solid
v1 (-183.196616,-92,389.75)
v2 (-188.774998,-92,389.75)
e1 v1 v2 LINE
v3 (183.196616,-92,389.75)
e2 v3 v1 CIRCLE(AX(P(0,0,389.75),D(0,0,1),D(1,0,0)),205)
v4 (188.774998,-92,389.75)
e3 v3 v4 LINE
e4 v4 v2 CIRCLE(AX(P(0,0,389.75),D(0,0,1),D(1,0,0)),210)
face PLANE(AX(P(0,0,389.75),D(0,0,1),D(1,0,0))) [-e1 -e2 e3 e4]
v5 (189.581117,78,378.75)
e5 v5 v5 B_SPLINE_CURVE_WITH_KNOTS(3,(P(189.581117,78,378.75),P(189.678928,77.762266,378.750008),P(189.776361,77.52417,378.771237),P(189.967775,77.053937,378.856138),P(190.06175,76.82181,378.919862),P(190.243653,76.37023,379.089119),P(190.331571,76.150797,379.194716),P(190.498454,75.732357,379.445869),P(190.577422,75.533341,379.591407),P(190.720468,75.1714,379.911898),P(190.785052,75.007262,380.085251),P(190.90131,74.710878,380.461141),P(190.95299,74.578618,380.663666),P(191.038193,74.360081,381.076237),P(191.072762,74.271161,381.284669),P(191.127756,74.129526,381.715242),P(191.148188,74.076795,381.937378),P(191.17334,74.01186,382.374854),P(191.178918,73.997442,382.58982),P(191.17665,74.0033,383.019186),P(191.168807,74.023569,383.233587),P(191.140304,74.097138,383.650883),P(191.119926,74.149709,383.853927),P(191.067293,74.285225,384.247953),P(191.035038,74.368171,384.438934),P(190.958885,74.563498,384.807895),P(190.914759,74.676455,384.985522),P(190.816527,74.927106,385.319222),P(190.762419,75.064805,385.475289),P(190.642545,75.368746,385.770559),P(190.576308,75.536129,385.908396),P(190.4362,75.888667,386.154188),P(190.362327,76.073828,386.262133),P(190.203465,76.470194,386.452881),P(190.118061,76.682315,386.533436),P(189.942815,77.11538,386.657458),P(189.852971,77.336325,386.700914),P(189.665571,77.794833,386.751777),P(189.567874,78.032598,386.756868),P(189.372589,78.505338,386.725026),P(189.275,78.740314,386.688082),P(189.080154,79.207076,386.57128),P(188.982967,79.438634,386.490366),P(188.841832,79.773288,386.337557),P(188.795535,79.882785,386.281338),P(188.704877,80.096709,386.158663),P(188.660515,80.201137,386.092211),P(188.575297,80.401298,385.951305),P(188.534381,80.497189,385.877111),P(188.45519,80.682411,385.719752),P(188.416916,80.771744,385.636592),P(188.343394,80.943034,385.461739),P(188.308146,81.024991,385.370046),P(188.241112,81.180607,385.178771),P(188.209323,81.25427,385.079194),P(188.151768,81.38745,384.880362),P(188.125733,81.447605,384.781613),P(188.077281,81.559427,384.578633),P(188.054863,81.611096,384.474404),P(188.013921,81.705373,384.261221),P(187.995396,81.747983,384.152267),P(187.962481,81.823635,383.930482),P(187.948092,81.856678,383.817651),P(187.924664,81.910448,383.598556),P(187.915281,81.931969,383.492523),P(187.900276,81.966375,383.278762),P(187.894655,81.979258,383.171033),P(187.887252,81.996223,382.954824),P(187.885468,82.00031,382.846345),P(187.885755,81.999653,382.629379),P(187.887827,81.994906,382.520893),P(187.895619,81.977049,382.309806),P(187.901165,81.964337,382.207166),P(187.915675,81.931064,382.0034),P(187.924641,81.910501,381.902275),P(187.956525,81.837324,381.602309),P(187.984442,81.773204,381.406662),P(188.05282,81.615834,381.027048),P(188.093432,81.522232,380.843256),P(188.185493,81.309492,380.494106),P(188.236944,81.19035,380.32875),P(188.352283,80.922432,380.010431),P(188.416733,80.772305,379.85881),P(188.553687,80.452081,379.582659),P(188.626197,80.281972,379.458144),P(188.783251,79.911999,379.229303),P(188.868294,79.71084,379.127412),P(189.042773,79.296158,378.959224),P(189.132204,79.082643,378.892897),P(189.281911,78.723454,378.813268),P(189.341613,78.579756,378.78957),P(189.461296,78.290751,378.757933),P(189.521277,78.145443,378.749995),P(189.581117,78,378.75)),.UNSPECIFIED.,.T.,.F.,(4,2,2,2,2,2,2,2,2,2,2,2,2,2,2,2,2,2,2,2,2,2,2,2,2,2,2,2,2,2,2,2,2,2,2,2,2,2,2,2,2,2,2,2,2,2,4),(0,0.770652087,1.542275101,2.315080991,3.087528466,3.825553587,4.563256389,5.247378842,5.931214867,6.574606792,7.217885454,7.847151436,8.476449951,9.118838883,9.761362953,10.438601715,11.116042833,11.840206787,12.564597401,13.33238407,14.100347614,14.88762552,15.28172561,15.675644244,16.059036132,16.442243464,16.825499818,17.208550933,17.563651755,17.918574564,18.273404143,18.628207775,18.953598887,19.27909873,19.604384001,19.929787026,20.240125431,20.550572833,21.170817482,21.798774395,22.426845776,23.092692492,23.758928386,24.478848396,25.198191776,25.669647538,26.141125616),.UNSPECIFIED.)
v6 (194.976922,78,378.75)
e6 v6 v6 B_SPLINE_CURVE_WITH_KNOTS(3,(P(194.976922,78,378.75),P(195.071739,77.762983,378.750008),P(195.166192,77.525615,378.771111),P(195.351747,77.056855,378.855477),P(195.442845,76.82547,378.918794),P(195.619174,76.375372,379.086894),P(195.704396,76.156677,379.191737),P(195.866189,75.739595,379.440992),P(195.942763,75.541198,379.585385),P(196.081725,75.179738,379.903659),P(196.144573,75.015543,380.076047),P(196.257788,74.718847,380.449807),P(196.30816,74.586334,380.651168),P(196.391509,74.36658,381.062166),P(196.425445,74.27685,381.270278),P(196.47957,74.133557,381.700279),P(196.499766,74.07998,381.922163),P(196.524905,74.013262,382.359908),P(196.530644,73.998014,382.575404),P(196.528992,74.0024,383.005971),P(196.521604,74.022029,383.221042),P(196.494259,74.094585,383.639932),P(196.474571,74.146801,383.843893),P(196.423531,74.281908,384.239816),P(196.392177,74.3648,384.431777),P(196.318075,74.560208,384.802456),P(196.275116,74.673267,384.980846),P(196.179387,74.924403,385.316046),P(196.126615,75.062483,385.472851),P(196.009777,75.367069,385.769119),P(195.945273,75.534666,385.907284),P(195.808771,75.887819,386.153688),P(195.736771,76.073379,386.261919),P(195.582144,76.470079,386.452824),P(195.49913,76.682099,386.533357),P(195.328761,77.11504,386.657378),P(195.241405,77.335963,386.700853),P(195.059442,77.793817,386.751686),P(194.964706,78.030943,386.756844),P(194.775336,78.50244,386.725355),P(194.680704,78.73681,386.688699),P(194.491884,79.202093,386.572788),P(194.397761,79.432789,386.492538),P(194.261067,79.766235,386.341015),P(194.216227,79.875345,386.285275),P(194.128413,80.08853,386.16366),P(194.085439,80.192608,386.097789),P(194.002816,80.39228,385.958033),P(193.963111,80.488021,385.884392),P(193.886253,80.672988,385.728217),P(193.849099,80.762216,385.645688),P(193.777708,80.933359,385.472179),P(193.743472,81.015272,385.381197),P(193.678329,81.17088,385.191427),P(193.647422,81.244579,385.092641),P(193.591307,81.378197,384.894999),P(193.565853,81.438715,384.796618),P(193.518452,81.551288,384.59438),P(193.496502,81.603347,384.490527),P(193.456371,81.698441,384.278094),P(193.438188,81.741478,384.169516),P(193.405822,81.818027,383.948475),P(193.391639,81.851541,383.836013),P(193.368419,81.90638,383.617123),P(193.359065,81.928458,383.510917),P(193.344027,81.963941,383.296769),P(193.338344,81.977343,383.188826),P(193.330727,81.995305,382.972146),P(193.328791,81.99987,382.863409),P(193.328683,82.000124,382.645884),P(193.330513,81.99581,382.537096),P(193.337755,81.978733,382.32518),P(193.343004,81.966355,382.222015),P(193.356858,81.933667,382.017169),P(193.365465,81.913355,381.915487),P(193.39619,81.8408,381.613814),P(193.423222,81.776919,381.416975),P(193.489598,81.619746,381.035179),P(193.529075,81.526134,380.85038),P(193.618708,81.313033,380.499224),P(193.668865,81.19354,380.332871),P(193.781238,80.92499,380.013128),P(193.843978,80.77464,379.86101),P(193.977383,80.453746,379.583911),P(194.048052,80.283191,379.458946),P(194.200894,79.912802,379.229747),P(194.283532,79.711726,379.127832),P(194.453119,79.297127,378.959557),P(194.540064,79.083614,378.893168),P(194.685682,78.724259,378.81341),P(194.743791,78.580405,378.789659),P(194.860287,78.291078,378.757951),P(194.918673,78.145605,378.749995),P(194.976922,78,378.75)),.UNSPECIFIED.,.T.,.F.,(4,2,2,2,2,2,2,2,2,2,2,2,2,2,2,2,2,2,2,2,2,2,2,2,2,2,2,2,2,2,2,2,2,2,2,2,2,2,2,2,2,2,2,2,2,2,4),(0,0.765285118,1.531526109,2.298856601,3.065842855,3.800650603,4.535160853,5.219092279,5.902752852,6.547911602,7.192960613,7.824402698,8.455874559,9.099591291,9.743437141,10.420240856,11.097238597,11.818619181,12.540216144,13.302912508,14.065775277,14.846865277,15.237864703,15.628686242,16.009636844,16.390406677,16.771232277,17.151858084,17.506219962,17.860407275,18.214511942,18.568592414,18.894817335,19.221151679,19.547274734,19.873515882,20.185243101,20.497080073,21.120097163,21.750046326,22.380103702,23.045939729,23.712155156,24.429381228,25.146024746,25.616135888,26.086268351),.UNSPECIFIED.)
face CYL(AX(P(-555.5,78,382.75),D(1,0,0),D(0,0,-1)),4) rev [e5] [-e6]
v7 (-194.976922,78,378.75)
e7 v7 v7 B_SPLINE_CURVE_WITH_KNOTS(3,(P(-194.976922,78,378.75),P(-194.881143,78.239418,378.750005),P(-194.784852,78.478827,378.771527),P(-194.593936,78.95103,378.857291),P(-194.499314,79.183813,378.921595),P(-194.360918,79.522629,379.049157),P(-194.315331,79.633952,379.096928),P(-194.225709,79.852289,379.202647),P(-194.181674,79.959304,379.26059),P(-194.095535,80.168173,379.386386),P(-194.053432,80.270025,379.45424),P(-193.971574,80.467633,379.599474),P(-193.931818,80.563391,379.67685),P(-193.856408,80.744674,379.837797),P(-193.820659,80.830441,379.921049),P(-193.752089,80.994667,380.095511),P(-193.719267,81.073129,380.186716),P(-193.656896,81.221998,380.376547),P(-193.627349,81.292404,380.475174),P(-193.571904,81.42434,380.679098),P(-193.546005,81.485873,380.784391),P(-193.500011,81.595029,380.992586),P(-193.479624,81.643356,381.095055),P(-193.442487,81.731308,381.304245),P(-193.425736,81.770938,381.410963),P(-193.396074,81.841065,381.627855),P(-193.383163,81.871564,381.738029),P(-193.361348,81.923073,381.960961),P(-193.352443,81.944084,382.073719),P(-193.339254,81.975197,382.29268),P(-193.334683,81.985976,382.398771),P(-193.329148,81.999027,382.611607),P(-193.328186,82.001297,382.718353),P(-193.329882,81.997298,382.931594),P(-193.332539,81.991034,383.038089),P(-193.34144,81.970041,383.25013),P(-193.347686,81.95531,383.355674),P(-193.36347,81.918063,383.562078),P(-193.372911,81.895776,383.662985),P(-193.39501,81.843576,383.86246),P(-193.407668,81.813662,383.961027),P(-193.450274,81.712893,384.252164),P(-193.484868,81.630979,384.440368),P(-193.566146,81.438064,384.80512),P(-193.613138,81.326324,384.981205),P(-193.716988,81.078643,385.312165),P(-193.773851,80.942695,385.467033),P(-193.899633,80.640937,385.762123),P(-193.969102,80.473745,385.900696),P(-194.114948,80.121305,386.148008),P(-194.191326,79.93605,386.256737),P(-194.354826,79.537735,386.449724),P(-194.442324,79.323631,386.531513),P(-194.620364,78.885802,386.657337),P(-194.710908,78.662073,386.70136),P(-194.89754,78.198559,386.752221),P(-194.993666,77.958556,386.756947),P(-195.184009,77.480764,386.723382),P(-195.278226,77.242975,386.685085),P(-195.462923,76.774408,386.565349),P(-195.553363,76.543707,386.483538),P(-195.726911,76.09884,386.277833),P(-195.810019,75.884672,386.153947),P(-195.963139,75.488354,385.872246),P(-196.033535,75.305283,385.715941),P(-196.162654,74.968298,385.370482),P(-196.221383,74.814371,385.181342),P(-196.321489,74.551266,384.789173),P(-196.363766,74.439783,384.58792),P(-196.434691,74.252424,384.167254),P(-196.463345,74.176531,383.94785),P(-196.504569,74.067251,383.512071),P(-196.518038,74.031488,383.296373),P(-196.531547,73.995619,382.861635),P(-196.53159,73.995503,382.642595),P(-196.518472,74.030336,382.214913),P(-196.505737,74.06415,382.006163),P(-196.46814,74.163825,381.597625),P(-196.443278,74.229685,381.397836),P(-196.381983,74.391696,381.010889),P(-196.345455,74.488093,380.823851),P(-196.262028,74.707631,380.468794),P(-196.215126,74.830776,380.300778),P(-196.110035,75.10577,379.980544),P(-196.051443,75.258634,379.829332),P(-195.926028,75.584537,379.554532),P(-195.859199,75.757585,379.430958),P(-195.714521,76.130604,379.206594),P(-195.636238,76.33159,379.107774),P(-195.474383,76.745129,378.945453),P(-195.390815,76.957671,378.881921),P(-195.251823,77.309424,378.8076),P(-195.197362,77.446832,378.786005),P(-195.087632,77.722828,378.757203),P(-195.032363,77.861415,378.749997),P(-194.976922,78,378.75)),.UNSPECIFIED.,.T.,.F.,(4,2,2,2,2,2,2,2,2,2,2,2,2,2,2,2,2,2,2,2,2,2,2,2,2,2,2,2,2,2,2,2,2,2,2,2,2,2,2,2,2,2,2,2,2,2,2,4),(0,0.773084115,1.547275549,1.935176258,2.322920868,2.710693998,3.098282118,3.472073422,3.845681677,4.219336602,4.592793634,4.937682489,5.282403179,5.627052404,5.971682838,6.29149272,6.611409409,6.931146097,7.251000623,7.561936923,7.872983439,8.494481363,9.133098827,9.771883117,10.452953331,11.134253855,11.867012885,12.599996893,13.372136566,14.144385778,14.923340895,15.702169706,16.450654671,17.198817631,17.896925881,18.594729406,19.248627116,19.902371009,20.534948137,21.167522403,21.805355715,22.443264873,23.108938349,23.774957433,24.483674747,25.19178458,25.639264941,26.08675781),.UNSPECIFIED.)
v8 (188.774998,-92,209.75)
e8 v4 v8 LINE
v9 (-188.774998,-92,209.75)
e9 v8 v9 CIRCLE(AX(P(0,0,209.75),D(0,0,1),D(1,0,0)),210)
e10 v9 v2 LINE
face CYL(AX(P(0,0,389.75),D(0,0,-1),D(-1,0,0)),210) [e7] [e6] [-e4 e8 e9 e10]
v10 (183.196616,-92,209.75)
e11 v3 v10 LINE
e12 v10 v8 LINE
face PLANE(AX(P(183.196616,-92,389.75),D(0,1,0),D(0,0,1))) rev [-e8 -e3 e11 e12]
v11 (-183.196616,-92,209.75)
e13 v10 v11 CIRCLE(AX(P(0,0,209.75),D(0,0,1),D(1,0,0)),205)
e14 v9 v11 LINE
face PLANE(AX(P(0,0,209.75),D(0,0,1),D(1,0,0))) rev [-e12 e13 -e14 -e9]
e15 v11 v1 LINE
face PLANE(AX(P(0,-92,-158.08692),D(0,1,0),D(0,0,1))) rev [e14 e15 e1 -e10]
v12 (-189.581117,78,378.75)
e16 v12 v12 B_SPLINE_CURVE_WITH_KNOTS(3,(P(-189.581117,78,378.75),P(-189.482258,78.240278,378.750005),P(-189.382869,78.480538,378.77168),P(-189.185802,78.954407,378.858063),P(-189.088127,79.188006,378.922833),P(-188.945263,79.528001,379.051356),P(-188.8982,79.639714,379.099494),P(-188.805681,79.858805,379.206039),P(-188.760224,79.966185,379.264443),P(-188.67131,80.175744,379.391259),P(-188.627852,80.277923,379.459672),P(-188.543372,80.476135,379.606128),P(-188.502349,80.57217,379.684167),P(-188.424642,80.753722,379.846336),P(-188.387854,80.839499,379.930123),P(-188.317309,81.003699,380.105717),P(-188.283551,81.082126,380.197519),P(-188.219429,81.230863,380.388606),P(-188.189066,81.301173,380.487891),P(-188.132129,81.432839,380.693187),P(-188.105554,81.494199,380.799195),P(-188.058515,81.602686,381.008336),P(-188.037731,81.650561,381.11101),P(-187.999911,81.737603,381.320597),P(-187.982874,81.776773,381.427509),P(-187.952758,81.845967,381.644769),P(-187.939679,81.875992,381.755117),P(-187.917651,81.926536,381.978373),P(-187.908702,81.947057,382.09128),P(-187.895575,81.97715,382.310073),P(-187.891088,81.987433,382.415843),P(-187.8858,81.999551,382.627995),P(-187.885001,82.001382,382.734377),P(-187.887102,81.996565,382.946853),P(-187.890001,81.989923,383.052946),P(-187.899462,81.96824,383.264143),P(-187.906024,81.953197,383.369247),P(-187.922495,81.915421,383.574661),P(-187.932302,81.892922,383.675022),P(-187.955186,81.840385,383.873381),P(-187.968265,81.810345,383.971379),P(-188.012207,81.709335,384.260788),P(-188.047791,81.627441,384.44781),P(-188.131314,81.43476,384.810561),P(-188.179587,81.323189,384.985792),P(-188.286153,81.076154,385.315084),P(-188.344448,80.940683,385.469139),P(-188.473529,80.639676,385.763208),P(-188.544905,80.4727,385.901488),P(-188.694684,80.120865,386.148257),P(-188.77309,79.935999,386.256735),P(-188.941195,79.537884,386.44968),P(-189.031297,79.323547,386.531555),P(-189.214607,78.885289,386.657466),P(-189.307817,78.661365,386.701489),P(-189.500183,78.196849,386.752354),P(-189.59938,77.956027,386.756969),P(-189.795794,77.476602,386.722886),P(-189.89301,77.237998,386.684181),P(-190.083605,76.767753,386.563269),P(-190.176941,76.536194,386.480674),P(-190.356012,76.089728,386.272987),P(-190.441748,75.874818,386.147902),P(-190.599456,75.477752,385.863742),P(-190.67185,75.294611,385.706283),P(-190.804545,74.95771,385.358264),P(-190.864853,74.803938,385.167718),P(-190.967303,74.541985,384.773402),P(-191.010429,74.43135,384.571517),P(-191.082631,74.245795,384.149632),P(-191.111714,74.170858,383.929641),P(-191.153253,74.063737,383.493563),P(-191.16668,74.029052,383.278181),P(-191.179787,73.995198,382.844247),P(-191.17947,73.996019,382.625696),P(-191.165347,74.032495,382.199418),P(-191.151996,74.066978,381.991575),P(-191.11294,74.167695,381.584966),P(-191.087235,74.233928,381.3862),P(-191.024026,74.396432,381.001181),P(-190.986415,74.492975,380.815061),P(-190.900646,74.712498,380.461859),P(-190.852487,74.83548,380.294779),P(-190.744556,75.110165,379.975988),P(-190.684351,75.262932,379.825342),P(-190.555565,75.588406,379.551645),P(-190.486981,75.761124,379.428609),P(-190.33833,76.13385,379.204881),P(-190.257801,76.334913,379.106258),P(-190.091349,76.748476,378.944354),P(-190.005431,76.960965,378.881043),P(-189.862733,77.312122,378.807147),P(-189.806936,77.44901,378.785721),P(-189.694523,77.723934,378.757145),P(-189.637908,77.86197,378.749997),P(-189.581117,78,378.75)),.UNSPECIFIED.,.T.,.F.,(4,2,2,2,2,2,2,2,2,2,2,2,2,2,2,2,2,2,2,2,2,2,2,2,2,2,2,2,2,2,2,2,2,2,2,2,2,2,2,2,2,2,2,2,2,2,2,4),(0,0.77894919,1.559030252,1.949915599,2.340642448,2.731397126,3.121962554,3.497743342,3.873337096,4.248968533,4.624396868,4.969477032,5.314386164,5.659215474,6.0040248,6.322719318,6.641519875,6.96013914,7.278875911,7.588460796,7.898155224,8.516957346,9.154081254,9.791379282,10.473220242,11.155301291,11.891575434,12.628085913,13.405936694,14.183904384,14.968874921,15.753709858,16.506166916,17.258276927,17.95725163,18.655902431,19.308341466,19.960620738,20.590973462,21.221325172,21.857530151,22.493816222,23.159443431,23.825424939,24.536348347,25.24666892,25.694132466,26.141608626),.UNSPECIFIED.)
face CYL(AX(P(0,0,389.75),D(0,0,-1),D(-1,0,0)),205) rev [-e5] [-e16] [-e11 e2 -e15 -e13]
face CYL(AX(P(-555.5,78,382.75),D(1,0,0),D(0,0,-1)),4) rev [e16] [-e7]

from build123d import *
from build123d.topology import SkipClean

# Parameters (mm, degrees)
SKETCH_1_R          = 210
SKETCH_1_R_2        = 203
EXTRUDE_2_DEPTH     = 174
EXTRUDE_START       = -174
EXTRUDE_4_DEPTH     = 174
CUT_EXTRUDE_1_DEPTH = 654
EXTRUDE_5_DEPTH     = 174
EXTRUDE_6_DEPTH     = 174
EXTRUDE_7_DEPTH     = 174
EXTRUDE_8_DEPTH     = 174
CUT_EXTRUDE_START   = -654
CUT_EXTRUDE_2_DEPTH = 654
SKETCH_10_W         = 20.487801248
SKETCH_10_H         = 174
CUT_EXTRUDE_3_DEPTH = 327
SKETCH_11_W         = 235.63772895
SKETCH_11_H         = 249.192111589
CUT_EXTRUDE_4_DEPTH = 238
EXTRUDE_10_DEPTH    = 180
SKETCH_17_W         = 286.098661696
SKETCH_17_H         = 191.878669743
CUT_EXTRUDE_5_DEPTH = 322
EXTRUDE_11_DEPTH    = 180
SKETCH_20_R         = 4
CUT_EXTRUDE_7_DEPTH = 555.5


with BuildPart() as part:
    # 草图1 → 凸台-拉伸2 (new body)
    with BuildSketch(Plane.XY):
        Circle(SKETCH_1_R)
        Circle(SKETCH_1_R_2, mode=Mode.SUBTRACT)
    extrude(amount=EXTRUDE_2_DEPTH)

    # 草图2 → 凸台-拉伸4 (add)
    with BuildSketch(Plane.XY.offset(174).offset(EXTRUDE_START)):
        with BuildLine():
            Line((-170.735431044, -102), (-173.735431044, -102))
            Line((-173.735431044, -102), (-175.513532242, -102))
            ThreePointArc((-175.513532242, -102), (-174.63092392, -103.50381834), (-173.735431044, -105))
            Line((-173.735431044, -105), (-170.735431044, -105))
            Line((-170.735431044, -105), (-170.735431044, -102))
        make_face()
        with BuildLine():
            ThreePointArc((173.735431044, -105), (174.63092392, -103.50381834), (175.513532242, -102))
            Line((175.513532242, -102), (173.735431044, -102))
            Line((173.735431044, -102), (170.735431044, -102))
            Line((170.735431044, -102), (170.735431044, -105))
            Line((170.735431044, -105), (173.735431044, -105))
        make_face()
    extrude(amount=EXTRUDE_4_DEPTH)

    # 草图3 → 切除-拉伸1 (cut)
    with BuildSketch(Plane.XY.offset(174)):
        Polygon((-170.735431044, -102), (238.333646515, -102), (254.334169784, 272.292523591), (-334.569415043, 221.85110305), (-306.830562533, -102), align=None)
    extrude(amount=-CUT_EXTRUDE_1_DEPTH, mode=Mode.SUBTRACT)

    # 草图5 → 凸台-拉伸5 (add)
    with BuildSketch(Plane.XY.offset(174).offset(EXTRUDE_START)):
        with BuildLine():
            Line((-120, -209.75), (-10.243900624, -209.75))
            ThreePointArc((-10.243900624, -209.75), (-67.755470707, -198.769203322), (-120, -172.336879396))
            Line((-120, -172.336879396), (-120, -209.75))
        make_face()
        with BuildLine():
            ThreePointArc((120, -172.336879396), (67.755470707, -198.769203322), (10.243900624, -209.75))
            Line((10.243900624, -209.75), (120, -209.75))
            Line((120, -209.75), (120, -172.336879396))
        make_face()
    extrude(amount=EXTRUDE_5_DEPTH)

    # 草图6 → 凸台-拉伸6 (add)
    with BuildSketch(Plane.XY.offset(174).offset(EXTRUDE_START)):
        with BuildLine():
            Line((-175.513532242, -102), (-166.195667814, -102))
            ThreePointArc((-166.195667814, -102), (0, -195), (166.195667814, -102))
            Line((166.195667814, -102), (175.513532242, -102))
            ThreePointArc((175.513532242, -102), (0, -203), (-175.513532242, -102))
        make_face()
    extrude(amount=EXTRUDE_6_DEPTH)

    # 草图7 → 凸台-拉伸7 (add)
    with BuildSketch(Plane.XY.offset(174).offset(EXTRUDE_START)):
        with BuildLine():
            Line((-166.933126535, -92), (-166.933126535, -95))
            Line((-166.933126535, -95), (-170.293863659, -95))
            ThreePointArc((-170.293863659, -95), (0, -195), (170.293863659, -95))
            Line((170.293863659, -95), (166.933126535, -95))
            Line((166.933126535, -95), (166.933126535, -92))
            Line((166.933126535, -92), (171.933126535, -92))
            Line((171.933126535, -92), (188.496850106, -92))
            ThreePointArc((188.496850106, -92), (0, -209.75), (-188.496850106, -92))
            Line((-188.496850106, -92), (-171.933126535, -92))
            Line((-171.933126535, -92), (-166.933126535, -92))
        make_face()
    extrude(amount=EXTRUDE_7_DEPTH)

    # 草图8 → 凸台-拉伸8 (add)
    with BuildSketch(Plane(origin=(0, 0, 0), x_dir=(-1, 0, 0), z_dir=(0, 0, -1))):
        with BuildLine():
            Line((166.933126535, -92), (163.933126535, -92))
            Line((163.933126535, -92), (163.933126535, -99))
            Line((163.933126535, -99), (168, -99))
            ThreePointArc((168, -99), (169.158755456, -97.006780447), (170.293863659, -95))
            Line((170.293863659, -95), (166.933126535, -95))
            Line((166.933126535, -95), (166.933126535, -92))
        make_face()
        with BuildLine():
            Line((-166.933126535, -95), (-170.293863659, -95))
            ThreePointArc((-170.293863659, -95), (-169.158755456, -97.006780447), (-168, -99))
            Line((-168, -99), (-163.933126535, -99))
            Line((-163.933126535, -99), (-163.933126535, -92))
            Line((-163.933126535, -92), (-166.933126535, -92))
            Line((-166.933126535, -92), (-166.933126535, -95))
        make_face()
    extrude(amount=-EXTRUDE_8_DEPTH)

    # 草图9 → 切除-拉伸2 (cut)
    with BuildSketch(Plane.XY.offset(174).offset(CUT_EXTRUDE_START)):
        with BuildLine():
            Line((0, -195), (0, -182.225251044))
            Line((0, -182.225251044), (-50, -182.225251044))
            Line((-50, -182.225251044), (-50, -188.48076825))
            ThreePointArc((-50, -188.48076825), (-25.211606368, -193.363323576), (0, -195))
        make_face()
        with BuildLine():
            Line((0, -209.75), (0, -195))
            ThreePointArc((0, -195), (-25.211606368, -193.363323576), (-50, -188.48076825))
            Line((-50, -188.48076825), (-50, -195))
            Line((-50, -195), (-50, -209.75))
            Line((-50, -209.75), (-10.243900624, -209.75))
            Line((-10.243900624, -209.75), (0, -209.75))
        make_face()
        with BuildLine():
            ThreePointArc((50, -188.48076825), (25.211606368, -193.363323576), (0, -195))
            Line((0, -195), (0, -209.75))
            Line((0, -209.75), (10.243900624, -209.75))
            Line((10.243900624, -209.75), (50, -209.75))
            Line((50, -209.75), (50, -195))
            Line((50, -195), (50, -188.48076825))
        make_face()
        with BuildLine():
            Line((50, -182.225251044), (0, -182.225251044))
            Line((0, -182.225251044), (0, -195))
            ThreePointArc((0, -195), (25.211606368, -193.363323576), (50, -188.48076825))
            Line((50, -188.48076825), (50, -182.225251044))
        make_face()
    extrude(amount=CUT_EXTRUDE_2_DEPTH, mode=Mode.SUBTRACT)


with BuildPart() as cut_extrude_2_piece_1:
    # of the separate pieces the step leaves, piece 1, a body of its own (cut_extrude_2_pieces)
    add(part.part.solids().sort_by_distance((-183.564702489, -102, 0))[0])

    # 草图11 → 切除-拉伸4 (cut)
    with BuildSketch(Plane(origin=(0, 0, 0), x_dir=(-1, 0, 0), z_dir=(0, 0, -1))):
        with Locations((136.586471206, -141.23053543)):
            Rectangle(SKETCH_11_W, SKETCH_11_H)
    extrude(amount=-CUT_EXTRUDE_4_DEPTH, mode=Mode.SUBTRACT)


with BuildPart() as cut_extrude_2_piece_2:
    # of the separate pieces the step leaves, piece 2, a body of its own (cut_extrude_2_pieces)
    add(part.part.solids().sort_by_distance((50, -188.48076825, 0))[0])

    # 草图17 → 切除-拉伸5 (cut)
    with BuildSketch(Plane(origin=(0, -92, 0), x_dir=(1, 0, 0), z_dir=(0, 1, 0))):
        with Locations((123.864076708, -90.777636372)):
            Rectangle(SKETCH_17_W, SKETCH_17_H)
    extrude(amount=-CUT_EXTRUDE_5_DEPTH, mode=Mode.SUBTRACT)


with BuildPart() as cut_extrude_2_piece_3:
    # of the separate pieces the step leaves, piece 3, a body of its own (cut_extrude_2_pieces)
    add(part.part.solids().sort_by_distance((10.243900624, -209.75, 0))[0])

    # 草图10 → 切除-拉伸3 (cut, symmetric)
    with BuildSketch(Plane(origin=(0, -209.75, 0), x_dir=(1, 0, 0), z_dir=(0, 1, 0))):
        with Locations((0, -87)):
            Rectangle(SKETCH_10_W, SKETCH_10_H)
    extrude(amount=CUT_EXTRUDE_3_DEPTH, both=True, mode=Mode.SUBTRACT)


with BuildPart() as body_2:
    # 草图14 → 凸台-拉伸10 (new body)
    with BuildSketch(Plane.XY.offset(209.75)):
        with BuildLine():
            Line((0, 210), (0, 205))
            ThreePointArc((0, 205), (174.477792283, 107.622023768), (183.196615689, -92))
            Line((183.196615689, -92), (188.774998345, -92))
            ThreePointArc((188.774998345, -92), (178.073018731, 111.310376875), (0, 210))
        make_face()
    extrude(amount=EXTRUDE_10_DEPTH)

    # 草图18 → 凸台-拉伸11 (add)
    with SkipClean():  # the faces are left unmerged after this step: merging them gives an invalid solid
        with BuildSketch(Plane.XY.offset(389.75)):
            with BuildLine():
                ThreePointArc((0, 210), (-178.073018731, 111.310376875), (-188.774998345, -92))
                Line((-188.774998345, -92), (-183.196615689, -92))
                ThreePointArc((-183.196615689, -92), (-174.477792283, 107.622023768), (0, 205))
                Line((0, 205), (0, 210))
            make_face()
        extrude(amount=-EXTRUDE_11_DEPTH)

    # 草图20 → 切除-拉伸7 (cut, symmetric)
    with SkipClean():  # the faces are left unmerged after this step: merging them gives an invalid solid
        with BuildSketch(Plane(origin=(0, 0, 0), x_dir=(0, 0, -1), z_dir=(1, 0, 0))):
            with Locations((-382.75, 78)):
                Circle(SKETCH_20_R)
        extrude(amount=CUT_EXTRUDE_7_DEPTH, both=True, mode=Mode.SUBTRACT)


solid = body_2.part
